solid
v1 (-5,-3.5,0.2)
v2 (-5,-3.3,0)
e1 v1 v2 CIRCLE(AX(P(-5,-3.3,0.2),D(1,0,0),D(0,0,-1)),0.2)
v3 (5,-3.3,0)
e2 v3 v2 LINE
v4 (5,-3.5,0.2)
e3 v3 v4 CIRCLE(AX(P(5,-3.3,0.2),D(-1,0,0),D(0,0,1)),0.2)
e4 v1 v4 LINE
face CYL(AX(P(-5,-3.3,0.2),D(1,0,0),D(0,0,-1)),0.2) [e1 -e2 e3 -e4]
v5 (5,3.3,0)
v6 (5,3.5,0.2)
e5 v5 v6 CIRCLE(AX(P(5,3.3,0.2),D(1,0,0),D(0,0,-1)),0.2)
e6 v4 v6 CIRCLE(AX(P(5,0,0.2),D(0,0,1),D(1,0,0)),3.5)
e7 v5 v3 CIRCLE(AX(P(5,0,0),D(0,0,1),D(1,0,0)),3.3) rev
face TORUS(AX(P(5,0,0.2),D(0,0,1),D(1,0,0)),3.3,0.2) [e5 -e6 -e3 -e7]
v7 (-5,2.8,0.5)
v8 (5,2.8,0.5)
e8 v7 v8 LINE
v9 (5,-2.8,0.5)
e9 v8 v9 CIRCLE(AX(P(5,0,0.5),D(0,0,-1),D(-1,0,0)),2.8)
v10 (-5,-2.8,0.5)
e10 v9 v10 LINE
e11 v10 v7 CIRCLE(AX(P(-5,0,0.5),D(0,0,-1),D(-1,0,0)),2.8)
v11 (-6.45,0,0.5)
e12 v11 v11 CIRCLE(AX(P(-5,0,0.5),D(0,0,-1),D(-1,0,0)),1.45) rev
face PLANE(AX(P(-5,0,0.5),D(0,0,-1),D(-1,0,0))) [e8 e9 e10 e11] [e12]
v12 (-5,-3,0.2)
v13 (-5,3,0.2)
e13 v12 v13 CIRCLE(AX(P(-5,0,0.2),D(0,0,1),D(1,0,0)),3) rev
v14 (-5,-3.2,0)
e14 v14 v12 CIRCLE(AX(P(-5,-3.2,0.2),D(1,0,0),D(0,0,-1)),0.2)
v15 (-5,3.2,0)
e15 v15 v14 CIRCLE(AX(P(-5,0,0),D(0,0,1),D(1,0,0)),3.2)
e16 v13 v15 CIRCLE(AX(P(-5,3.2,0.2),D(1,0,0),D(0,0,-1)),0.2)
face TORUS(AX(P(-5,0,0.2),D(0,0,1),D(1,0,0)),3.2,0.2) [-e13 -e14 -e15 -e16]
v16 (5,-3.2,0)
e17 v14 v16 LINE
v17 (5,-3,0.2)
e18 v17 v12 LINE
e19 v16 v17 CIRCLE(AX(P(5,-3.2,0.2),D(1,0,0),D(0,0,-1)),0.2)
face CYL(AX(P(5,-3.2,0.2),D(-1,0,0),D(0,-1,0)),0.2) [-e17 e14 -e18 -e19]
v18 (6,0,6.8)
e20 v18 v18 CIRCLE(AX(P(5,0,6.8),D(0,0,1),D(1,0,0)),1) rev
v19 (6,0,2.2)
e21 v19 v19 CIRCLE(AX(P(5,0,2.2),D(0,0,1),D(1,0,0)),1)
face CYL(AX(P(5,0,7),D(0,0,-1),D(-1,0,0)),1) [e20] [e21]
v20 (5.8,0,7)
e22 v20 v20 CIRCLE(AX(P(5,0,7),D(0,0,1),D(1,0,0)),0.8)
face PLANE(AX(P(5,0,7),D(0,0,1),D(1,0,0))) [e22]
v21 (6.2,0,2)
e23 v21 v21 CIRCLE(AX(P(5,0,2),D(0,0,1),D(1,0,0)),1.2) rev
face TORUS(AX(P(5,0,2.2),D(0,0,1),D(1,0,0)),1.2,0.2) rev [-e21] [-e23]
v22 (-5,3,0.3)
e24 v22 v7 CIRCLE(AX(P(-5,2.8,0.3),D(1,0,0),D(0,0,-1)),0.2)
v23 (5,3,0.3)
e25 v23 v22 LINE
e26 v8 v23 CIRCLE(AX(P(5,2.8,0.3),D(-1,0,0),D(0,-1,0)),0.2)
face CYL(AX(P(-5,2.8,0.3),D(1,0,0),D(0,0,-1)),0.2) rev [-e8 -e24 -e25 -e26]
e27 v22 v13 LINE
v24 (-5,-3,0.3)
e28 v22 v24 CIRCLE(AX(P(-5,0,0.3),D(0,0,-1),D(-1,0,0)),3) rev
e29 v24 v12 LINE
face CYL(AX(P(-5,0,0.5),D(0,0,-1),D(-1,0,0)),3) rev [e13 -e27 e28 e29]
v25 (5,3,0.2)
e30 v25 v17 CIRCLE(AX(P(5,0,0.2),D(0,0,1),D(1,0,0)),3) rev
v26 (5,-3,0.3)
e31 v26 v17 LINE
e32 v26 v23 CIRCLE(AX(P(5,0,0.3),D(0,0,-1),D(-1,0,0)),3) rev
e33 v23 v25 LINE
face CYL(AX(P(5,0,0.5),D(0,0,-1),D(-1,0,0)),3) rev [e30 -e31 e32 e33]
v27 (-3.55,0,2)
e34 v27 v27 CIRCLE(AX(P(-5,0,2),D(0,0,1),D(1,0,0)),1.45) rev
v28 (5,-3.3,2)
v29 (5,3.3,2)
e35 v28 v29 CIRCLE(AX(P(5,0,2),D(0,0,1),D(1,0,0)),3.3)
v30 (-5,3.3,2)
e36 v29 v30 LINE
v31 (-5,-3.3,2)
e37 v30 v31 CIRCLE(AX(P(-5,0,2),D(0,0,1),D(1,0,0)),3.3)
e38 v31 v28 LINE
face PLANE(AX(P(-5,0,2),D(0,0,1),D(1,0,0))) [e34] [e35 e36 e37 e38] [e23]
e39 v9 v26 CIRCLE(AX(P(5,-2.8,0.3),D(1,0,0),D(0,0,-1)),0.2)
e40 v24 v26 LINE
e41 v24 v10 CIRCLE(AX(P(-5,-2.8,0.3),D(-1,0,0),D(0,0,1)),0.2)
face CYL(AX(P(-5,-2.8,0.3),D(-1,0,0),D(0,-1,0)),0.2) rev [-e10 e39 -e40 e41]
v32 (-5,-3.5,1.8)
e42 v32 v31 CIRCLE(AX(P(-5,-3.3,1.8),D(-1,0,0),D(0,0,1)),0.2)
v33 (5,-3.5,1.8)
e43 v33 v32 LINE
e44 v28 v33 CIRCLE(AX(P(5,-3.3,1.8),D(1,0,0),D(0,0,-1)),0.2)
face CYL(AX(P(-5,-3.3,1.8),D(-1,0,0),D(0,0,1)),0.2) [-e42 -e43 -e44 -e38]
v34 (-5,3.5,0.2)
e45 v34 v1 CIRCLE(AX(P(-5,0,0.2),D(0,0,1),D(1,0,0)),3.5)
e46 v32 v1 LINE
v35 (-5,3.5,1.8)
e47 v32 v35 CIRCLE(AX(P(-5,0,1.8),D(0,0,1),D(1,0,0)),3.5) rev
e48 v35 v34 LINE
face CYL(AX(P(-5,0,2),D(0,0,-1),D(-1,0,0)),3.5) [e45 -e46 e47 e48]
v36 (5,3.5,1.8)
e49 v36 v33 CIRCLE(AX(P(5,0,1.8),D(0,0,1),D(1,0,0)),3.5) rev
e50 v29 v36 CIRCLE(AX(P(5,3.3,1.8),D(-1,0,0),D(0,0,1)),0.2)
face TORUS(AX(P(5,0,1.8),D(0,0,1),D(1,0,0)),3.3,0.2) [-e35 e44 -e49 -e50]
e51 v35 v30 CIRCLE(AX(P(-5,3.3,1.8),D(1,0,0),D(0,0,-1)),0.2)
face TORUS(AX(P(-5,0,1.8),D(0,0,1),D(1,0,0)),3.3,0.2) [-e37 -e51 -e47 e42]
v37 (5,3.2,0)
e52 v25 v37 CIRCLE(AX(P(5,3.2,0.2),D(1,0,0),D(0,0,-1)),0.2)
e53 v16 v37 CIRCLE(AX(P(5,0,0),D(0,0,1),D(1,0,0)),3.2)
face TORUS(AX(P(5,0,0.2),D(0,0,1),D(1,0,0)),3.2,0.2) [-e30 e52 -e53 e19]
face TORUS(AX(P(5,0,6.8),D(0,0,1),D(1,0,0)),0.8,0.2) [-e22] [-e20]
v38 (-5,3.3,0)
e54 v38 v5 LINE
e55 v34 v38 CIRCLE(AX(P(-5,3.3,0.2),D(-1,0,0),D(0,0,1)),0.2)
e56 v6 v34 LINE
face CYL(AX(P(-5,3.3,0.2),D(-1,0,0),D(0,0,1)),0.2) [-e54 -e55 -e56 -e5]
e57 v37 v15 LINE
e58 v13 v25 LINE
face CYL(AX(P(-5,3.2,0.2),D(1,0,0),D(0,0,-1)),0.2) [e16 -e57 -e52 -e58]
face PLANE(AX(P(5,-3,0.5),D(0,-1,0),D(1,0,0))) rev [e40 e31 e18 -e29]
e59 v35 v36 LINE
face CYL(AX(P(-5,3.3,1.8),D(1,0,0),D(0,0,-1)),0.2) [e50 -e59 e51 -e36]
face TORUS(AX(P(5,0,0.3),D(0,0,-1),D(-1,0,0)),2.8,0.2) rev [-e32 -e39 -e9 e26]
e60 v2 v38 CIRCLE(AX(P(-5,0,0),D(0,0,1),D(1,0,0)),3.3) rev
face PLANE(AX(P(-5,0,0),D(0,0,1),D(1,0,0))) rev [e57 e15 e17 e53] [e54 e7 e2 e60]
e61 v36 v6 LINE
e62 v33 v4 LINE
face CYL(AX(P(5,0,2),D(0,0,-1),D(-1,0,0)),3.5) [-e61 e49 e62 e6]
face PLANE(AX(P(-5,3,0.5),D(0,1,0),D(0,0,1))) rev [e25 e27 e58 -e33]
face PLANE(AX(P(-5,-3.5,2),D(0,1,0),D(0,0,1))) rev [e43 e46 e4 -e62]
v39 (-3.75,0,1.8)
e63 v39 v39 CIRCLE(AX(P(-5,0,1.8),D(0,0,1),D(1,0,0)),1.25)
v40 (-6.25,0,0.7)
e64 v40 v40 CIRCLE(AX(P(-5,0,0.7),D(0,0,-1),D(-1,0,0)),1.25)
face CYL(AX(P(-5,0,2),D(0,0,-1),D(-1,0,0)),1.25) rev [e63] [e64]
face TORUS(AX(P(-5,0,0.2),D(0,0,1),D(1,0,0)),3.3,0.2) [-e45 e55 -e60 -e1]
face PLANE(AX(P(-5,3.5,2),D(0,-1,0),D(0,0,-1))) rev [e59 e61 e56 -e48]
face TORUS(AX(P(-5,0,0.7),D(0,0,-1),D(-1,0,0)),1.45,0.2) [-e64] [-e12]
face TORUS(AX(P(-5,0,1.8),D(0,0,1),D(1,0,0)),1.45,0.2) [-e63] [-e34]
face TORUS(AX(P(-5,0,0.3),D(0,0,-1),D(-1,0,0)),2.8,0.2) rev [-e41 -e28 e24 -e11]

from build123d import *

# Parameters (mm, degrees)
EXTRUSION1_DEPTH        = 2
ENL_V_MAT_EXTRU_1_DEPTH = 0.5
ESQUISSE3_R             = 1.25
ENL_V_MAT_EXTRU_2_DEPTH = 10.313968005
ESQUISSE4_R             = 1
EXTRUSION2_DEPTH        = 5
CONG_1_R                = 0.2


with BuildPart() as part:
    # Esquisse1 → Extrusion1 (new body)
    with BuildSketch(Plane.XY):
        with BuildLine():
            Line((-5, 3.5), (5, 3.5))
            ThreePointArc((5, 3.5), (8.5, 0), (5, -3.5))
            Line((5, -3.5), (-5, -3.5))
            ThreePointArc((-5, -3.5), (-8.5, 0), (-5, 3.5))
        make_face()
    extrude(amount=EXTRUSION1_DEPTH)

    # Esquisse2 → Enlèv. mat.-Extru.1 (cut)
    with BuildSketch(Plane(origin=(0, 0, 0), x_dir=(-1, 0, 0), z_dir=(0, 0, -1))):
        with BuildLine():
            Line((5, 3), (-5, 3))
            ThreePointArc((-5, 3), (-8, 0), (-5, -3))
            Line((-5, -3), (5, -3))
            ThreePointArc((5, -3), (8, 0), (5, 3))
        make_face()
    extrude(amount=-ENL_V_MAT_EXTRU_1_DEPTH, mode=Mode.SUBTRACT)

    # Esquisse3 → Enlèv. mat.-Extru.2 (cut, through all)
    with BuildSketch(Plane(origin=(0, 0, 0.5), x_dir=(-1, 0, 0), z_dir=(0, 0, -1))):
        with Locations((5, 0)):
            Circle(ESQUISSE3_R)
    extrude(amount=-ENL_V_MAT_EXTRU_2_DEPTH, mode=Mode.SUBTRACT)

    # Esquisse4 → Extrusion2 (add)
    with BuildSketch(Plane.XY.offset(2)):
        with Locations((5, 0)):
            Circle(ESQUISSE4_R)
    extrude(amount=EXTRUSION2_DEPTH)

    # Congé1
    cong_1_edges = [part.edges().sort_by_distance(p)[0] for p in [
        (0, 3.5, 0),
        (0, 3.5, 2),
        (-8.5, 0, 0),
        (-8.5, 0, 2),
        (8.5, 0, 0),
        (8.5, 0, 2),
        (0, -3.5, 0),
        (0, 3, 0),
        (8, 0, 0),
        (0, -3, 0),
        (-8, 0, 0),
        (0, -3.5, 2),
        (4, 0, 2),
        (-3.75, 0, 2),
        (0, 3, 0.5),
        (8, 0, 0.5),
        (0, -3, 0.5),
        (-8, 0, 0.5),
        (4, 0, 7),
        (-3.75, 0, 0.5),
    ]]
    fillet(cong_1_edges, radius=CONG_1_R)


solid = part.part
